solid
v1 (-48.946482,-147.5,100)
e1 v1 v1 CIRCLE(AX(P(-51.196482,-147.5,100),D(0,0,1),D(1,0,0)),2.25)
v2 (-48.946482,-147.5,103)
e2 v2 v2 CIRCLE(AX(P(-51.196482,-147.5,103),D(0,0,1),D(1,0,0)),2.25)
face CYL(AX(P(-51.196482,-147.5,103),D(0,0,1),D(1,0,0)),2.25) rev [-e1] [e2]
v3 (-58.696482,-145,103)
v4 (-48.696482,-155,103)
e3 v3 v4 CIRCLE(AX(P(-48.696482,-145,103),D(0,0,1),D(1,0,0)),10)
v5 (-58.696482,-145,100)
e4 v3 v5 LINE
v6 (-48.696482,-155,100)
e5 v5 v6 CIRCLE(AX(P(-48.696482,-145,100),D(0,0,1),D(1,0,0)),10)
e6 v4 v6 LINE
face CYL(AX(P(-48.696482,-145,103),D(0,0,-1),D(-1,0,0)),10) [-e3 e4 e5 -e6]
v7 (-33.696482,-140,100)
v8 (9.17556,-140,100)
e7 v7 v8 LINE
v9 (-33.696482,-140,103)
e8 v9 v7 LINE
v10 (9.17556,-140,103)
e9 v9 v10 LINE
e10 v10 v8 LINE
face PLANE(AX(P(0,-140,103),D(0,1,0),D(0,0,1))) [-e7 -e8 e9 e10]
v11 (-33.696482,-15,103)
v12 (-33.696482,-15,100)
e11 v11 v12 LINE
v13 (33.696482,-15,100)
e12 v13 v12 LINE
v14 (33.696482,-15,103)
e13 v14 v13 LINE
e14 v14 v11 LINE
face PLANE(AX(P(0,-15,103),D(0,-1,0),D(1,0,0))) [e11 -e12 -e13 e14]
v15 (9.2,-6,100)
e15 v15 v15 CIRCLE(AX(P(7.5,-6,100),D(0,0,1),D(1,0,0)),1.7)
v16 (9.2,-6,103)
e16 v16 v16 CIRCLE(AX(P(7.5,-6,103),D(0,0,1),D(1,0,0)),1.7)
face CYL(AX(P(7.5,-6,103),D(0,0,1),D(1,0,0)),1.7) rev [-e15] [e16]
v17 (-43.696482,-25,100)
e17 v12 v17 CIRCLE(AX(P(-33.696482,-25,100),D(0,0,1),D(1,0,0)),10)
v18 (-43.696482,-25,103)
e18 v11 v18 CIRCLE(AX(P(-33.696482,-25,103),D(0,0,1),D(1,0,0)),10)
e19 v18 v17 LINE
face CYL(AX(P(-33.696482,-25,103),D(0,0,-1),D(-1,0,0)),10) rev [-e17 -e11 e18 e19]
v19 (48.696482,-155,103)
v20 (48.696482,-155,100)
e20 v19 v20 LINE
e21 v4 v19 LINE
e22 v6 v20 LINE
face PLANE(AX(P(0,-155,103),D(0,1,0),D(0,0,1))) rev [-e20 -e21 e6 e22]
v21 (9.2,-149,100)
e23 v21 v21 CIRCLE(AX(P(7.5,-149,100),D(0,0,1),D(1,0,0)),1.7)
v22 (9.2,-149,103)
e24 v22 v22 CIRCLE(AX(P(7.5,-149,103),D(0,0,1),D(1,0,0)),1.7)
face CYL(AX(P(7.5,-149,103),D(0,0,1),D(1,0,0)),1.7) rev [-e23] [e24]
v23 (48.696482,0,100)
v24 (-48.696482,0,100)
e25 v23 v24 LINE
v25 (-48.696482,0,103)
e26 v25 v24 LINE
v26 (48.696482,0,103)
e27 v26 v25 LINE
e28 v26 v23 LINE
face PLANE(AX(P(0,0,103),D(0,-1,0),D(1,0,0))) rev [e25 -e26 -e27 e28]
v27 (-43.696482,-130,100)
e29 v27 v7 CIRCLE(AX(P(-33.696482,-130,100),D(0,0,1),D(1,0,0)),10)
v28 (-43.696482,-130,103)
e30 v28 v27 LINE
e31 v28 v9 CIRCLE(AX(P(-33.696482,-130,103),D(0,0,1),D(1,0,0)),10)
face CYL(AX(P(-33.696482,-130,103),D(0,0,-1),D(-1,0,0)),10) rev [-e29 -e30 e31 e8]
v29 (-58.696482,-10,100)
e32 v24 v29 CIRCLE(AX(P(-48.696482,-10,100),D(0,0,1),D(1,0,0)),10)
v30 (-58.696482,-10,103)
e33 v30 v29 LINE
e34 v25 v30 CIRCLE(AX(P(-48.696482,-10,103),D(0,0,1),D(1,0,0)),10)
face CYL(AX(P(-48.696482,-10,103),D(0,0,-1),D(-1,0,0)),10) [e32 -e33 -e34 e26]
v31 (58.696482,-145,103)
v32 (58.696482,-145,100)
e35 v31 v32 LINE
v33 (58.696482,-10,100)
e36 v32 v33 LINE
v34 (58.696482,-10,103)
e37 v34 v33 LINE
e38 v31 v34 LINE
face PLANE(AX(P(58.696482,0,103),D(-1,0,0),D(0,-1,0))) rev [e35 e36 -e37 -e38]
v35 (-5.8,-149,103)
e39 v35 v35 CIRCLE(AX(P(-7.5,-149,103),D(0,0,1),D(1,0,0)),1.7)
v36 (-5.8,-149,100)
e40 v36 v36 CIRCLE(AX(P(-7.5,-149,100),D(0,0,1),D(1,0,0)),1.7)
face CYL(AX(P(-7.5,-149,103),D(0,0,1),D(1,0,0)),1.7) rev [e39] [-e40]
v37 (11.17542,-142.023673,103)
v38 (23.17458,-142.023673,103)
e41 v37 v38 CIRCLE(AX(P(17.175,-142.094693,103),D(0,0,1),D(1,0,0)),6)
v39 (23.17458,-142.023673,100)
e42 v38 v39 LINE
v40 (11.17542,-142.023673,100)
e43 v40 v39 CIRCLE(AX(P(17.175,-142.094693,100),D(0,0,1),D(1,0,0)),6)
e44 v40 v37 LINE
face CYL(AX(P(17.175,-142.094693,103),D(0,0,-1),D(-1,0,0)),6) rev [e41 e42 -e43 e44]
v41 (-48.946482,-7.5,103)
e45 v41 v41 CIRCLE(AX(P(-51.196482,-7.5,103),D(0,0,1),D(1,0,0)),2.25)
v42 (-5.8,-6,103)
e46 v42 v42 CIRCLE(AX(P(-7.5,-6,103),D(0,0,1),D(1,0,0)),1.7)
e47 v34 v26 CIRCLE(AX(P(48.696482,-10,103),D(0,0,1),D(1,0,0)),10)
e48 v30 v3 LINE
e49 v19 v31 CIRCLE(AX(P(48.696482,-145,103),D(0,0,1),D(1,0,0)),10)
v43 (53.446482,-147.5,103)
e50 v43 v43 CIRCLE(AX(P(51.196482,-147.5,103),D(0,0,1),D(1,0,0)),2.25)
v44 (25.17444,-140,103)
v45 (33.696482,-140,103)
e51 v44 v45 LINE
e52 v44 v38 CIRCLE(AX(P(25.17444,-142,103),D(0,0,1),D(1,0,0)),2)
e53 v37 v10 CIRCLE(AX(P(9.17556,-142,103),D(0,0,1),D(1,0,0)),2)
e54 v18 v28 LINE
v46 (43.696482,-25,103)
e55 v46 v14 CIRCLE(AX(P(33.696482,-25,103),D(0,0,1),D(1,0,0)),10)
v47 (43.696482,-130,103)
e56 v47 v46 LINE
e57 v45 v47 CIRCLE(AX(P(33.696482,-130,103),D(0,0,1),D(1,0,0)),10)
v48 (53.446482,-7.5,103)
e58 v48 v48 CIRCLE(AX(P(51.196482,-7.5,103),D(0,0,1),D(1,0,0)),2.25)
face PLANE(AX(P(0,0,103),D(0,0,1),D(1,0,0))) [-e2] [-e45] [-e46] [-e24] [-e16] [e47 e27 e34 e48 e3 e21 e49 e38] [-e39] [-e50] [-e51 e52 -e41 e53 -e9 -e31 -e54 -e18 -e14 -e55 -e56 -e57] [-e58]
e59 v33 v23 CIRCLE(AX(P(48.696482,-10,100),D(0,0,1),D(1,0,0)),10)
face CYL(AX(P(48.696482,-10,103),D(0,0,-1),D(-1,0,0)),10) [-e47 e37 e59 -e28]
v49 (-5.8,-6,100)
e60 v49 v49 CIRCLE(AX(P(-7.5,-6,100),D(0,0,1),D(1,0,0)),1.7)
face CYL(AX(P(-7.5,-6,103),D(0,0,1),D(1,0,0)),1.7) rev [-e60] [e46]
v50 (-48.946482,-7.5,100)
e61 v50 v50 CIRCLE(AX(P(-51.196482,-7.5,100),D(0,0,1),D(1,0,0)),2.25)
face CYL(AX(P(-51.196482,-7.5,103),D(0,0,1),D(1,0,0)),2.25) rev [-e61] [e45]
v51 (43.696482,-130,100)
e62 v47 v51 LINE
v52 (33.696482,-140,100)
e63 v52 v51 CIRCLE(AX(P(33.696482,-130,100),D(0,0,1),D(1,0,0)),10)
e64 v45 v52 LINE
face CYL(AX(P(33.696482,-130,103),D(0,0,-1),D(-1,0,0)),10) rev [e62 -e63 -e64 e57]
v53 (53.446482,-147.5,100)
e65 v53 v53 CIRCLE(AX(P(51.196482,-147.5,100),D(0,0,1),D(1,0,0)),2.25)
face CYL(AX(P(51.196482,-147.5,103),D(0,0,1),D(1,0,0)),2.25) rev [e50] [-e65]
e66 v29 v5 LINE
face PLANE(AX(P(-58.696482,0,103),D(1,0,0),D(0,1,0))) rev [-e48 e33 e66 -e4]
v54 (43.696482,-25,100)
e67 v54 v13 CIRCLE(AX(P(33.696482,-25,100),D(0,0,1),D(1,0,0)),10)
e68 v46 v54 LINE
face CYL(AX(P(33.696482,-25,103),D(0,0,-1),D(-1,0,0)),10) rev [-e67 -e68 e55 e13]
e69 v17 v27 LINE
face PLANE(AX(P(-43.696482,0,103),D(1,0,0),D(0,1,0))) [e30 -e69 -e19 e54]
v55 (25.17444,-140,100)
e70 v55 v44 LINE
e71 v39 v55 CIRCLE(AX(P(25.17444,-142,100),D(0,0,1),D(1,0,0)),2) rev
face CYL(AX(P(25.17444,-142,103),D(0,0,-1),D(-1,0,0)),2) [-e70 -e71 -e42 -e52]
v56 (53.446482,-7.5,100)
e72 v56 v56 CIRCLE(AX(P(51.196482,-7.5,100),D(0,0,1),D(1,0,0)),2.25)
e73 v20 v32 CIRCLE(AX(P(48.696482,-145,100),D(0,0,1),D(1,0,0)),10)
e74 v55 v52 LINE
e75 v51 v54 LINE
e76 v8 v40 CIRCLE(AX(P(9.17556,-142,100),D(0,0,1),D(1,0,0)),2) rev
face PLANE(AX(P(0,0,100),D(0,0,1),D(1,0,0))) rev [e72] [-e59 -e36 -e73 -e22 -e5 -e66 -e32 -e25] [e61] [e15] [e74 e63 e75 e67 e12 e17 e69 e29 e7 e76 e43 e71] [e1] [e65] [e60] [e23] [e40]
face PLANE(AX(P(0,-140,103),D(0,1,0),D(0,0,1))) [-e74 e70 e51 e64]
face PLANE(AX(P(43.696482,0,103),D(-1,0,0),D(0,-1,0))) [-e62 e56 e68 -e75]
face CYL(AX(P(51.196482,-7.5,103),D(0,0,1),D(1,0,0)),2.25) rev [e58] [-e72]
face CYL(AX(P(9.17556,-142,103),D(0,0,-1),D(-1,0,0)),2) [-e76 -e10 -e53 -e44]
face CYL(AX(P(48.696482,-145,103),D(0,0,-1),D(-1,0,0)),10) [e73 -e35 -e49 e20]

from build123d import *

# Parameters (mm, degrees)
BOSS_EXTRU_1_START = 100
BOSS_EXTRU_1_DEPTH = 3
D_GAGEMENT_M41_D   = 4.5
CONG_1_R           = 2
D_GAGEMENT_M31_D   = 3.4


with BuildPart() as part:
    # Esquisse1 → Boss.-Extru.1 (new body)
    with BuildSketch(Plane.XY.offset(BOSS_EXTRU_1_START)):
        with BuildLine():
            ThreePointArc((-48.696481526, 0), (-55.767549338, -2.928932188), (-58.696481526, -10))
            Line((-58.696481526, -10), (-58.696481526, -145))
            ThreePointArc((-58.696481526, -145), (-55.767549338, -152.071067812), (-48.696481526, -155))
            Line((-48.696481526, -155), (48.696481526, -155))
            ThreePointArc((48.696481526, -155), (55.767549338, -152.071067812), (58.696481526, -145))
            Line((58.696481526, -145), (58.696481526, -10))
            ThreePointArc((58.696481526, -10), (55.767549338, -2.928932188), (48.696481526, 0))
            Line((48.696481526, 0), (-48.696481526, 0))
        make_face()
        with BuildLine():
            Line((-43.696481526, -130), (-43.696481526, -25))
            ThreePointArc((-43.696481526, -25), (-40.767549338, -17.928932188), (-33.696481526, -15))
            Line((-33.696481526, -15), (33.696481526, -15))
            ThreePointArc((33.696481526, -15), (40.767549338, -17.928932188), (43.696481526, -25))
            Line((43.696481526, -25), (43.696481526, -130))
            ThreePointArc((43.696481526, -130), (40.767549338, -137.071067812), (33.696481526, -140))
            Line((33.696481526, -140), (22.797478109, -140))
            ThreePointArc((22.797478109, -140), (23.07986531, -141.030472587), (23.175, -142.094693275))
            ThreePointArc((23.175, -142.094693275), (16.110779311, -147.999558585), (11.552521891, -140))
            Line((11.552521891, -140), (-33.696481526, -140))
            ThreePointArc((-33.696481526, -140), (-40.767549338, -137.071067812), (-43.696481526, -130))
        make_face(mode=Mode.SUBTRACT)
    extrude(amount=BOSS_EXTRU_1_DEPTH)

    # Dégagement M41 (through all)
    with Locations(Plane.XY.offset(103)):
        with Locations((-51.196481526, -7.5), (51.196481526, -7.5), (51.196481526, -147.5), (-51.196481526, -147.5)):
            Hole(D_GAGEMENT_M41_D / 2)

    # Congé1
    cong_1_edges = [part.edges().sort_by_distance(p)[0] for p in [
        (22.797478109, -140, 101.5),
        (11.552521891, -140, 101.5),
    ]]
    fillet(cong_1_edges, radius=CONG_1_R)

    # Dégagement M31 (through all)
    with Locations(Plane.XY.offset(103)):
        with Locations((-7.5, -6), (7.5, -6), (-7.5, -149), (7.5, -149)):
            Hole(D_GAGEMENT_M31_D / 2)


solid = part.part
